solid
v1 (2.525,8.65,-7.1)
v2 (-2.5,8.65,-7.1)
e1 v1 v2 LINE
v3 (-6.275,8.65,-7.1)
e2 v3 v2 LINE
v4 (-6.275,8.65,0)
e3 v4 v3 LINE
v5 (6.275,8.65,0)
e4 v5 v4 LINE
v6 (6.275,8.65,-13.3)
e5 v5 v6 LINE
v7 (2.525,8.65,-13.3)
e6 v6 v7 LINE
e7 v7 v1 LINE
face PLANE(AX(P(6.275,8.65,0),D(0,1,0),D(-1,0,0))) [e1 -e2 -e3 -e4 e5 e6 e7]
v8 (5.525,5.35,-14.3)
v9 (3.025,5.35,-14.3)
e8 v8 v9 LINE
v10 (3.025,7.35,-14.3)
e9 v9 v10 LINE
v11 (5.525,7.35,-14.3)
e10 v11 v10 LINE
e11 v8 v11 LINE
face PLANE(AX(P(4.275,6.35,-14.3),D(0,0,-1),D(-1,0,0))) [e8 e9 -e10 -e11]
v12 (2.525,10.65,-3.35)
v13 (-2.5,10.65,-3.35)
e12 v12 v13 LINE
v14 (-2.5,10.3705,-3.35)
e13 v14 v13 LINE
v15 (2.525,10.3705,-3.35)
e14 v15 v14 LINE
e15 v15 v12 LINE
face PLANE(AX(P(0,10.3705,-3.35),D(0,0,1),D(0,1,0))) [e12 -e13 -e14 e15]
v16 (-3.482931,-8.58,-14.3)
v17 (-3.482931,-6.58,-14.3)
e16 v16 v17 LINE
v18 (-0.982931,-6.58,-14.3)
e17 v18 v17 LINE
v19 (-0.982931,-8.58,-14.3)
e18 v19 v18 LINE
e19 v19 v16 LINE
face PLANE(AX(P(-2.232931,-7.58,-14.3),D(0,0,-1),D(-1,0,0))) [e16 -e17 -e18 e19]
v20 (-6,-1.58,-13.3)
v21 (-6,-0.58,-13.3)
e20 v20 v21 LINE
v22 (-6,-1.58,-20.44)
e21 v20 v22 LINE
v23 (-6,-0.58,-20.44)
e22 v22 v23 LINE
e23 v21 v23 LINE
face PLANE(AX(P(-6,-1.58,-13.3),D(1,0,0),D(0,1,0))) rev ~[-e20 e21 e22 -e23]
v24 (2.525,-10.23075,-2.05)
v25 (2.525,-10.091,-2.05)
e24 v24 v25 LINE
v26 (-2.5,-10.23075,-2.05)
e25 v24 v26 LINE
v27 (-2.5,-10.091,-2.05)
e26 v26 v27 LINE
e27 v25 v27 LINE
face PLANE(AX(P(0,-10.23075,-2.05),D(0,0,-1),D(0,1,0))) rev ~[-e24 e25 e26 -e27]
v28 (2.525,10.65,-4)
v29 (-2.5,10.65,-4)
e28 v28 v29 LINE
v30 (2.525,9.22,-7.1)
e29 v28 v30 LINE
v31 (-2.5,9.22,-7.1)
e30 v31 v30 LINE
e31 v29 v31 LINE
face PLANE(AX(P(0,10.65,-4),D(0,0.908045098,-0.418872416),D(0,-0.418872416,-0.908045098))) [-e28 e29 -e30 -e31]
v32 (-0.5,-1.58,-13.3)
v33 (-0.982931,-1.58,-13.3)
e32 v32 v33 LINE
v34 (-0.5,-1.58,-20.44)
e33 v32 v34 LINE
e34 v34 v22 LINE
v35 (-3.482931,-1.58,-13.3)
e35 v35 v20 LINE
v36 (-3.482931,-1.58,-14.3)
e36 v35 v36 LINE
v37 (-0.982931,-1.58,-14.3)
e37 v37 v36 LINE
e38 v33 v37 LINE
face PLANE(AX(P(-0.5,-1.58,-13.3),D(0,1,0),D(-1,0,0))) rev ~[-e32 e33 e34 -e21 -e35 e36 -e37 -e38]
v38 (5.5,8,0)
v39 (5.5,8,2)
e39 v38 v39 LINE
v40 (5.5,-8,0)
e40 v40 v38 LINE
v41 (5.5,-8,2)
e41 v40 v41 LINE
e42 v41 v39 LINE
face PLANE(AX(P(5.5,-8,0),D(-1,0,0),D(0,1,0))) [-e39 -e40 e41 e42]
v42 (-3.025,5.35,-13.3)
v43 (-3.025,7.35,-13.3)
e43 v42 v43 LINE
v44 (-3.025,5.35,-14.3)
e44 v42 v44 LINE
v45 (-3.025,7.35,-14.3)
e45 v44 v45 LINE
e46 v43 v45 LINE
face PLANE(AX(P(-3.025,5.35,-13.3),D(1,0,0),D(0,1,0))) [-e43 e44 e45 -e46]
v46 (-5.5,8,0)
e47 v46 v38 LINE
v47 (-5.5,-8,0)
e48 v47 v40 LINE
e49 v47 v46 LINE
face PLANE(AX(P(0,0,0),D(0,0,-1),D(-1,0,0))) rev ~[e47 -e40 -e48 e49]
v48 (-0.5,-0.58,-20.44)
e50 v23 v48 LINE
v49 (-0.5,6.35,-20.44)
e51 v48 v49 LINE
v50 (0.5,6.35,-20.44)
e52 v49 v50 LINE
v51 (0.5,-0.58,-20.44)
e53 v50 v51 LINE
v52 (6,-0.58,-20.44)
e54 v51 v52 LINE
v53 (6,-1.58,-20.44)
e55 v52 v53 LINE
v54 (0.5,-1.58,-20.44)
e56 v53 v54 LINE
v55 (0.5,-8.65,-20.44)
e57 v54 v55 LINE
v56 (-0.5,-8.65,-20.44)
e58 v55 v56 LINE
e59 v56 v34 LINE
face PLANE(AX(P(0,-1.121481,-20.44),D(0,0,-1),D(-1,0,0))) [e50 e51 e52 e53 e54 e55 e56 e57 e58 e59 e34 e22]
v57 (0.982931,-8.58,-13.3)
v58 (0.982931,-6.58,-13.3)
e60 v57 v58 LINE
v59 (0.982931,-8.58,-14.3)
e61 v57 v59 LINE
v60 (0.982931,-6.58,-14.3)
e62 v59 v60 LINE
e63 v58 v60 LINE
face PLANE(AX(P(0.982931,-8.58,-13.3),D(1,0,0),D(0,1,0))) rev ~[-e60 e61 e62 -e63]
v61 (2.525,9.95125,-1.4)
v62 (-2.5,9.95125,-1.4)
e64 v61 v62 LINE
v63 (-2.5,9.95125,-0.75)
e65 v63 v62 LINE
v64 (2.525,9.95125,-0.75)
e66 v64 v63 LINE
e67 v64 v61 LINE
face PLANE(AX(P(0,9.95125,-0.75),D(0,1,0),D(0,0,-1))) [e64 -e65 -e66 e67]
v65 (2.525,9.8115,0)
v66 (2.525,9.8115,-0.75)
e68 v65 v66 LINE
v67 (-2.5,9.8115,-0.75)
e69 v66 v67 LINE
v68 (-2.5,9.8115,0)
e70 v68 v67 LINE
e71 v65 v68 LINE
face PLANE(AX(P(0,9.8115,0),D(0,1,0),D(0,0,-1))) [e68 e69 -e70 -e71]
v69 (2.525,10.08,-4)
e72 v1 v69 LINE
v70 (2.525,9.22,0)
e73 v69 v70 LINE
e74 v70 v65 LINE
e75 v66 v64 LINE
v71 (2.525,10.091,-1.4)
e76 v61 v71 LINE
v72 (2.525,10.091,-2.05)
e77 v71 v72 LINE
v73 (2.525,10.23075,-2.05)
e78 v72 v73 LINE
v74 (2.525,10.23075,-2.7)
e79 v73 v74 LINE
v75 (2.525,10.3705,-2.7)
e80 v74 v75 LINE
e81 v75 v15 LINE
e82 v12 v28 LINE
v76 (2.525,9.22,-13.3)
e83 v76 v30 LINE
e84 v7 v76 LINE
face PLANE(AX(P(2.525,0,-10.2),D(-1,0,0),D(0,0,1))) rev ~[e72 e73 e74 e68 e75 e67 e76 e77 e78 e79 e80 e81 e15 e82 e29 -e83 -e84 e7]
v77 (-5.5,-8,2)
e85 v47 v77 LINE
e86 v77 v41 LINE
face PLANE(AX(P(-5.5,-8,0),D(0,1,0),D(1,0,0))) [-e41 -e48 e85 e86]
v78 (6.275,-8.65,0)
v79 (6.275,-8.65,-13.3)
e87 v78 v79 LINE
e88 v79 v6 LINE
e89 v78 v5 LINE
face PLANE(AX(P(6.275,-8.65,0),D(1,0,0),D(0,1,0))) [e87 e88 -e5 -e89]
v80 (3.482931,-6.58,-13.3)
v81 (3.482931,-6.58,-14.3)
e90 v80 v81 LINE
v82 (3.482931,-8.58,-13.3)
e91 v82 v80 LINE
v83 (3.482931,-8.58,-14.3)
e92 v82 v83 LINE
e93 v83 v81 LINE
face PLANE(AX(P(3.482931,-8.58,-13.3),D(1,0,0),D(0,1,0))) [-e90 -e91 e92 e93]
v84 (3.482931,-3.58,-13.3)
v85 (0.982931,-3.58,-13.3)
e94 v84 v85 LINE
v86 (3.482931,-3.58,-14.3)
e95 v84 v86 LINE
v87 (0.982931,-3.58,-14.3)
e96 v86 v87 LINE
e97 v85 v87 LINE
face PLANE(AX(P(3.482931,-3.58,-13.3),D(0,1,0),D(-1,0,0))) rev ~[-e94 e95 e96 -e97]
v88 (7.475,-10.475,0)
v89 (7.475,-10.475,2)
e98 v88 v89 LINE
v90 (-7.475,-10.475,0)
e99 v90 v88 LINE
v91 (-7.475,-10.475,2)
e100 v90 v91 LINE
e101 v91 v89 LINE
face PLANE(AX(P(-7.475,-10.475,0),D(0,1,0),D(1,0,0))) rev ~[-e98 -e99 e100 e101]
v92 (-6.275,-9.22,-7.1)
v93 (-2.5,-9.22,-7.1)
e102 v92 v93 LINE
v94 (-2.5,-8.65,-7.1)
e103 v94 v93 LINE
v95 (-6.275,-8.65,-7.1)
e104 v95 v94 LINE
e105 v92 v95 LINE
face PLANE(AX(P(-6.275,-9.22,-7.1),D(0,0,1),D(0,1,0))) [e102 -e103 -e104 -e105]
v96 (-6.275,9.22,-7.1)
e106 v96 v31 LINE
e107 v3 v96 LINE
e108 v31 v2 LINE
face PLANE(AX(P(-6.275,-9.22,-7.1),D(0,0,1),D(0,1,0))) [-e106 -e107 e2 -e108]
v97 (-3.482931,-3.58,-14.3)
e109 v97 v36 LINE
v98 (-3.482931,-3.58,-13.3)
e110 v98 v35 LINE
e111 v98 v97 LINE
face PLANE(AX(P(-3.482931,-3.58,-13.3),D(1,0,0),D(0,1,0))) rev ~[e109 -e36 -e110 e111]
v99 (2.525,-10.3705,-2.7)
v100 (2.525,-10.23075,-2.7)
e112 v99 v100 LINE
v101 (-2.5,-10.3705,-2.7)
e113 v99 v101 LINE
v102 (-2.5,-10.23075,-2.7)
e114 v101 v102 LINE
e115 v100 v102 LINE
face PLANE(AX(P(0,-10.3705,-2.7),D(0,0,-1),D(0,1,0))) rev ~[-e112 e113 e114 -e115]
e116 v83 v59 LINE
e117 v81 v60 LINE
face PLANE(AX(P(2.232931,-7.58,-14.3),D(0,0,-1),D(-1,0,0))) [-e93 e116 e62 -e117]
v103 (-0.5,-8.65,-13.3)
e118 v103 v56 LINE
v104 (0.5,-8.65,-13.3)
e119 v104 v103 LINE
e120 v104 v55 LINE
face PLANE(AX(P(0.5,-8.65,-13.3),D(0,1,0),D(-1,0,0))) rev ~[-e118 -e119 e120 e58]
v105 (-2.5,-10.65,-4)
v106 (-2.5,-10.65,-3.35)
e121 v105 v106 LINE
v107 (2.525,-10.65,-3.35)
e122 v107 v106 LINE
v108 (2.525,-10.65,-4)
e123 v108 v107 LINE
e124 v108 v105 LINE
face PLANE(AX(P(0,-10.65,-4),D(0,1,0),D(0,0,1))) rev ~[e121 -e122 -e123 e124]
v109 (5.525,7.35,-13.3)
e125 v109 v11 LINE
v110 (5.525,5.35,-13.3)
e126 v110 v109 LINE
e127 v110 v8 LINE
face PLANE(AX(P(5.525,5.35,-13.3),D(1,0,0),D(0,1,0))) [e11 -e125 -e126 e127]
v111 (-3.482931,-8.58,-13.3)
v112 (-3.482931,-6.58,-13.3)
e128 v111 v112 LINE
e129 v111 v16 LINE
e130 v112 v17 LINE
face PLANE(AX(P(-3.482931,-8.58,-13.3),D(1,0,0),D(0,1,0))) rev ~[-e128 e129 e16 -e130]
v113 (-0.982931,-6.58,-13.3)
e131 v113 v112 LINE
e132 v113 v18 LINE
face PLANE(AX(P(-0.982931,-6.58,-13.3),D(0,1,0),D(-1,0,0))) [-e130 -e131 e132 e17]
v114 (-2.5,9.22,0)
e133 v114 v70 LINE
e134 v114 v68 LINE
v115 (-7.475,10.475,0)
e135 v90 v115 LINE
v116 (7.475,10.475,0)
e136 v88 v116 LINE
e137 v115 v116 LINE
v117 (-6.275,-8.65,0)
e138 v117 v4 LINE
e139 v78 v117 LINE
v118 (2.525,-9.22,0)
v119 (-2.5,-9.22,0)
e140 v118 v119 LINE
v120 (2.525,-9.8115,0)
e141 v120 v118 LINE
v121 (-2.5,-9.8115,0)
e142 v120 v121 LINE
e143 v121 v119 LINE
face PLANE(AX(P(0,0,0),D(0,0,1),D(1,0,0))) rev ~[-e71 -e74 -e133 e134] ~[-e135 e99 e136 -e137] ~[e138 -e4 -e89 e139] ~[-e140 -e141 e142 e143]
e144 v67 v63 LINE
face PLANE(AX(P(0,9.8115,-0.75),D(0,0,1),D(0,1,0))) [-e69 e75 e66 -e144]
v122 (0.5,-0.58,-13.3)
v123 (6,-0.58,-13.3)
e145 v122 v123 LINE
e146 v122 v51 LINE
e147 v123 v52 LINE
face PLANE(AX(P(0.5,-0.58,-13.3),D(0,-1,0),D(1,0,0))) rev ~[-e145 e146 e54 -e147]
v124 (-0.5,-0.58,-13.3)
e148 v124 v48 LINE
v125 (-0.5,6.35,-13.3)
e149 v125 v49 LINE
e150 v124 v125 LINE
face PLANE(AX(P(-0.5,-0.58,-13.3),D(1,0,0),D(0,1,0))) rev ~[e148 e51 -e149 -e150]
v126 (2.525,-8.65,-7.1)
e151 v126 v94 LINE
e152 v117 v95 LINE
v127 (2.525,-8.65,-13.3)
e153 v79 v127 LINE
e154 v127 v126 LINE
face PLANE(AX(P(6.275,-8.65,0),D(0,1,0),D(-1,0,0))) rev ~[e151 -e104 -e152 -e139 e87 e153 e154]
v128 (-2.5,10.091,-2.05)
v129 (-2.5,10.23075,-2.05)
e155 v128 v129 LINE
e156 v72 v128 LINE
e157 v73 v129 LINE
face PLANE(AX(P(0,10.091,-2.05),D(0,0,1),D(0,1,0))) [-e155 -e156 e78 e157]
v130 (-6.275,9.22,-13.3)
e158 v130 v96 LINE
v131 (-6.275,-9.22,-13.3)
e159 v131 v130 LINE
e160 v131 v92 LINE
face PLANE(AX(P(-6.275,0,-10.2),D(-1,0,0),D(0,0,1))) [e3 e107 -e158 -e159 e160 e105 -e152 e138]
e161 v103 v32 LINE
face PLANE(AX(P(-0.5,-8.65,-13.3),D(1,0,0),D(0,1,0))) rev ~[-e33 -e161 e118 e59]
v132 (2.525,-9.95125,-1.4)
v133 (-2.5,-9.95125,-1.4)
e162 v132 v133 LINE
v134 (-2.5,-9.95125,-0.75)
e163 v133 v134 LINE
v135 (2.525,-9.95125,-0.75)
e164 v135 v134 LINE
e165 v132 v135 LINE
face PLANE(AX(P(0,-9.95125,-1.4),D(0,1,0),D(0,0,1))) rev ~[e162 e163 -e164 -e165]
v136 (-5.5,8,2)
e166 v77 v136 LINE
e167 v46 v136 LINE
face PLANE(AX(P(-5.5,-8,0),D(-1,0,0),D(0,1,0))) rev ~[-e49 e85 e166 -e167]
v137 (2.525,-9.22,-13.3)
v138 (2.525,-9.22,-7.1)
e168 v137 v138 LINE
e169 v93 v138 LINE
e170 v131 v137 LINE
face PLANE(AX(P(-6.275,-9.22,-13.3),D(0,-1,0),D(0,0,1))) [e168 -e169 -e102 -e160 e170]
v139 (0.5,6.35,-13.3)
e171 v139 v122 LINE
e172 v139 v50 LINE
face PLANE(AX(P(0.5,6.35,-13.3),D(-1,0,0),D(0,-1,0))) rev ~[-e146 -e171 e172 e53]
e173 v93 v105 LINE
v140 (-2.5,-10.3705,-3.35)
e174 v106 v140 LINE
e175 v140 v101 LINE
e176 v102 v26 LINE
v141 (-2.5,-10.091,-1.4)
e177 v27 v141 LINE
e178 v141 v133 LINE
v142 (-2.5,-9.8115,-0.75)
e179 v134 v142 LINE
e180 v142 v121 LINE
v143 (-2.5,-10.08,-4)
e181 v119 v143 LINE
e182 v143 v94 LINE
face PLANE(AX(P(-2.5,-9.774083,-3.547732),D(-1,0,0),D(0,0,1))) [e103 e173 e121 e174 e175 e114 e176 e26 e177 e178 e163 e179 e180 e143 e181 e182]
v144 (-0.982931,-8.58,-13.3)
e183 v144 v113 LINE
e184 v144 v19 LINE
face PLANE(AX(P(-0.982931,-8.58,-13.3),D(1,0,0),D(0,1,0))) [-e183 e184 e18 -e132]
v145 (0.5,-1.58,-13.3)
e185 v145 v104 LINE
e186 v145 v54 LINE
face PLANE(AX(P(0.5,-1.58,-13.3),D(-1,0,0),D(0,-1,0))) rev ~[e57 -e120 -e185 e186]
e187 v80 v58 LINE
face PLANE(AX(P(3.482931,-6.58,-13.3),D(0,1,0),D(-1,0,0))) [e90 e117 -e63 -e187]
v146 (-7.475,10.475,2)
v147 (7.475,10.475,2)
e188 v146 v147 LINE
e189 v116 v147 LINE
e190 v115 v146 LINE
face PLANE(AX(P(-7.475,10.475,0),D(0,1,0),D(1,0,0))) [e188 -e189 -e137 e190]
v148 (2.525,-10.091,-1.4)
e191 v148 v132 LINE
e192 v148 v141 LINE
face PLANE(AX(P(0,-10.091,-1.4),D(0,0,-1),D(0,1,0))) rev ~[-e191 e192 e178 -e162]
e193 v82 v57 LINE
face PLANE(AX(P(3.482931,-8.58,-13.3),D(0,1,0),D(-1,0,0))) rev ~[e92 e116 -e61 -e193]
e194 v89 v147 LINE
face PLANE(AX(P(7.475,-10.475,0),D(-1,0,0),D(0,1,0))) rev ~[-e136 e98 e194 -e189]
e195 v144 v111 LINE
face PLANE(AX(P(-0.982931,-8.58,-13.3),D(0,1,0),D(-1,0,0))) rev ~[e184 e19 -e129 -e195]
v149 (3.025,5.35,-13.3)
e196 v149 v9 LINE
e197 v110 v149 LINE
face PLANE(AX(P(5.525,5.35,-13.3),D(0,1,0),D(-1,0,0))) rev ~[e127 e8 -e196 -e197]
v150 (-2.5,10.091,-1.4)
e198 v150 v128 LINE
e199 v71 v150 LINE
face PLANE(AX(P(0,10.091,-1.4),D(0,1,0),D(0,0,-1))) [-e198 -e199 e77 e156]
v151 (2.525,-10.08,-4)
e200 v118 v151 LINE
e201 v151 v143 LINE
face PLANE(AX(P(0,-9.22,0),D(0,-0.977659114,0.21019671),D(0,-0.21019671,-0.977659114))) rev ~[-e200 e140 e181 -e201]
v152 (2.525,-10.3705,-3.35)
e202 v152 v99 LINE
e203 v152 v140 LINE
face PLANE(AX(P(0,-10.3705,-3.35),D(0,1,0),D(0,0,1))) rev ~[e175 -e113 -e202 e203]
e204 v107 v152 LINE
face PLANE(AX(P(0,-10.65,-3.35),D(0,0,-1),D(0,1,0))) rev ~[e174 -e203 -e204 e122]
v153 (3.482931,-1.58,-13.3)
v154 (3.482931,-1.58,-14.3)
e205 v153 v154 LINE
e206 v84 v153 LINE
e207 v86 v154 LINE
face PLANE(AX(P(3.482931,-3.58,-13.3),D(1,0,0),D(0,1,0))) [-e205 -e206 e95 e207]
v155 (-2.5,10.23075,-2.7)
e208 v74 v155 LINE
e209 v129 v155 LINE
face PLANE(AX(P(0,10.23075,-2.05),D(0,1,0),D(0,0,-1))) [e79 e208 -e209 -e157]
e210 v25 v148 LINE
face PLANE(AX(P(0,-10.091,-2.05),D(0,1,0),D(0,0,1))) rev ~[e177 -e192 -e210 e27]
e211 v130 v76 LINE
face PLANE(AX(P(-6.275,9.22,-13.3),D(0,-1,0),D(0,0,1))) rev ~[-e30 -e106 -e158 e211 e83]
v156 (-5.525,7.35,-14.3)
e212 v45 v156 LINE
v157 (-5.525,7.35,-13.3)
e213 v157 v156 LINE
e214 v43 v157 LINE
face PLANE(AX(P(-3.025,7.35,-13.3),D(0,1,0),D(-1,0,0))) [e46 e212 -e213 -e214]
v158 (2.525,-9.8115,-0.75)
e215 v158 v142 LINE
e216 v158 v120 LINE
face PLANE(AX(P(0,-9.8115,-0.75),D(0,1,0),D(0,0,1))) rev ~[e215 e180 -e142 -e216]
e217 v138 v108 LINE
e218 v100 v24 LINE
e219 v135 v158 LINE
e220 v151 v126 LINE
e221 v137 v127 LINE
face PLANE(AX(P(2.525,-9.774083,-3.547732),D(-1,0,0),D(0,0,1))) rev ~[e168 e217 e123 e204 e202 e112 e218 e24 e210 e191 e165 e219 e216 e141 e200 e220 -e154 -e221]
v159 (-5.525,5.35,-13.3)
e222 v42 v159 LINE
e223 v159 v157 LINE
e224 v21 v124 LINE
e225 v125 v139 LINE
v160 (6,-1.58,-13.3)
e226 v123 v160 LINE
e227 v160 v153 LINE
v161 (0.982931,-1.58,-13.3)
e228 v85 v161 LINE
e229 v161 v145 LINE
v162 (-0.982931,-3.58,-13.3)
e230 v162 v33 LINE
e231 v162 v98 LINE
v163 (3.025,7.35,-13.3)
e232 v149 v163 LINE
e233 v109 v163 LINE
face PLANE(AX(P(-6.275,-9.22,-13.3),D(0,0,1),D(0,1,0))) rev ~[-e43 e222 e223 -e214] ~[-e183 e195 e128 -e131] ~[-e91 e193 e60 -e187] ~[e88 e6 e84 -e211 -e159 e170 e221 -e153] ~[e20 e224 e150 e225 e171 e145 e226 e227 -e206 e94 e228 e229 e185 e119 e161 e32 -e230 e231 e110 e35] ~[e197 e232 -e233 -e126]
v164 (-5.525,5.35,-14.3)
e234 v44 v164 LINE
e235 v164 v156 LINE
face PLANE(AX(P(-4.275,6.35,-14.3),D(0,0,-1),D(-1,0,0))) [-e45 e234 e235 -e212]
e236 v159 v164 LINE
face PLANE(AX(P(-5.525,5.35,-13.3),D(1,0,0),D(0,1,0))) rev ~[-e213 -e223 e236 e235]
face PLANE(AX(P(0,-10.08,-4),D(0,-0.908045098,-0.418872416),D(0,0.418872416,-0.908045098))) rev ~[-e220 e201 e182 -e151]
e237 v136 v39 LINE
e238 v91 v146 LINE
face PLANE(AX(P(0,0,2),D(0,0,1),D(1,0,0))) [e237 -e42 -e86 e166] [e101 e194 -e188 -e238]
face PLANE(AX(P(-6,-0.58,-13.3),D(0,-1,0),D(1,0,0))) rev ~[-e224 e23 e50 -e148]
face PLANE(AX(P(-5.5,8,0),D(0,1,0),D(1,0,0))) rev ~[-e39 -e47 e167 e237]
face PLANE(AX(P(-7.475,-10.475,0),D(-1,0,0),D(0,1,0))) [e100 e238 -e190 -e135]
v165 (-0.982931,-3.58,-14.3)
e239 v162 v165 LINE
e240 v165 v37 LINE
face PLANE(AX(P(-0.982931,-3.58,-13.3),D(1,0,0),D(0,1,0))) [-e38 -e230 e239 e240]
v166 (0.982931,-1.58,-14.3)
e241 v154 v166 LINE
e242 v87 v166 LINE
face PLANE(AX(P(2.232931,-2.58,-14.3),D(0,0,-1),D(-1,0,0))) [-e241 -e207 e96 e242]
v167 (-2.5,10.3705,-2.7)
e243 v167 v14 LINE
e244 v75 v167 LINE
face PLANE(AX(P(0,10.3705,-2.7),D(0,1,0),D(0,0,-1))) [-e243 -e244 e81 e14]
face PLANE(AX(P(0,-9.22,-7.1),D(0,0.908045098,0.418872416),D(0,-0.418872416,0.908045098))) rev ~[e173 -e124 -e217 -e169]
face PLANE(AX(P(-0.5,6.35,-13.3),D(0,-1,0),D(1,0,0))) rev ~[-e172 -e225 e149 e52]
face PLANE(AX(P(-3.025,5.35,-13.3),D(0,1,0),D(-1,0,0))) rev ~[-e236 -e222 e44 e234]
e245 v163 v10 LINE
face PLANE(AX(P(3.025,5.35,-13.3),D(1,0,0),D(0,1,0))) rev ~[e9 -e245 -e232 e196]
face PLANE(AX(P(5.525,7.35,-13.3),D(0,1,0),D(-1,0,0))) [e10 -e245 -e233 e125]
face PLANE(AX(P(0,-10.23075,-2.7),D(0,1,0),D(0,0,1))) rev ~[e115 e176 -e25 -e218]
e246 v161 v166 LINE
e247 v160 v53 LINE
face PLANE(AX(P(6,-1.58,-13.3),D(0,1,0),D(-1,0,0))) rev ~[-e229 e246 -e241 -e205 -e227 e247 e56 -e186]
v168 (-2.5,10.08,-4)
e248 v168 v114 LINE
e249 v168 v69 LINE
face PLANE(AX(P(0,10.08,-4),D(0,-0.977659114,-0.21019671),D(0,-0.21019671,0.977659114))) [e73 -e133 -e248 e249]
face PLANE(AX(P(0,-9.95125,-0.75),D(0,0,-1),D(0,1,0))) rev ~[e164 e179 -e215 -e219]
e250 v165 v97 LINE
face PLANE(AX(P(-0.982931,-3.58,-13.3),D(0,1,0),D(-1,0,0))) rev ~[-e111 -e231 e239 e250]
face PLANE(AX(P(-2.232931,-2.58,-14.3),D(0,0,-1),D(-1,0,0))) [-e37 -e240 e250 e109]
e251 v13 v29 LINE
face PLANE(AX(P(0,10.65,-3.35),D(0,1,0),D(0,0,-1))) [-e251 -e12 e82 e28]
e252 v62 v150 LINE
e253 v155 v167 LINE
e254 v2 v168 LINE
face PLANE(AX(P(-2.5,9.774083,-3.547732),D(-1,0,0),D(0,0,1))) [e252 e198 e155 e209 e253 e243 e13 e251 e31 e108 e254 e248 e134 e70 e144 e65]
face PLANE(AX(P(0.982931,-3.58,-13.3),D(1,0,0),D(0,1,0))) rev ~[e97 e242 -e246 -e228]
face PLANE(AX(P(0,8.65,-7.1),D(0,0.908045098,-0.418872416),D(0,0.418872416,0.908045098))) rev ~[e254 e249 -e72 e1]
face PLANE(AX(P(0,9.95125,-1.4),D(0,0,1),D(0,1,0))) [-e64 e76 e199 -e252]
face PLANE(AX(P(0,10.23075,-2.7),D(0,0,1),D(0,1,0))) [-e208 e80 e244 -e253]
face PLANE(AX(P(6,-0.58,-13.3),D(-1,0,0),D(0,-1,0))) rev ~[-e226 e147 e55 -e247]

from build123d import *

# Parameters (mm, degrees)
SKETCH1_W                = 14.95
SKETCH1_H                = 20.95
SKETCH1_W_2              = 11
SKETCH1_H_2              = 16
BOSS_EXTRUDE1_DEPTH      = 2
SKETCH2_W                = 12.55
SKETCH2_H                = 17.3
BOSS_EXTRUDE2_DEPTH      = 13.3
SKETCH3_W                = 6.2
SKETCH3_H                = 18.44
BOSS_EXTRUDE3_DEPTH      = 8.8
BOSS_EXTRUDE4_DEPTH      = 2.525
BOSS_EXTRUDE4_DEPTH_BACK = 2.5
BOSS_EXTRUDE5_DEPTH      = 7.14
SKETCH6_W                = 2.5
SKETCH6_H                = 2
BOSS_EXTRUDE6_DEPTH      = 1


with BuildPart() as part:
    # Sketch1 → Boss-Extrude1 (new body)
    with BuildSketch(Plane.XY):
        Rectangle(SKETCH1_W, SKETCH1_H)
        Rectangle(SKETCH1_W_2, SKETCH1_H_2, mode=Mode.SUBTRACT)
    extrude(amount=BOSS_EXTRUDE1_DEPTH)

    # Sketch2 → Boss-Extrude2 (add)
    with BuildSketch(Plane(origin=(0, 0, 0), x_dir=(-1, 0, 0), z_dir=(0, 0, -1))):
        Rectangle(SKETCH2_W, SKETCH2_H)
    extrude(amount=BOSS_EXTRUDE2_DEPTH)

    # Sketch3 → Boss-Extrude3 (add)
    with BuildSketch(Plane.ZY.offset(6.275)):
        with Locations((-10.2, 0)):
            Rectangle(SKETCH3_W, SKETCH3_H)
    extrude(amount=-BOSS_EXTRUDE3_DEPTH)

    # Sketch4 → Boss-Extrude4 (add, two sides)
    with BuildSketch(Plane(origin=(0, 0, 0), x_dir=(0, 0, -1), z_dir=(1, 0, 0))) as boss_extrude4_sk:
        Polygon((7.1, -9.22), (4, -10.65), (3.35, -10.65), (3.35, -10.3705), (2.7, -10.3705), (2.7, -10.23075), (2.05, -10.23075), (2.05, -10.091), (1.4, -10.091), (1.4, -9.95125), (0.75, -9.95125), (0.75, -9.8115), (0, -9.8115), (0, -9.22), (4, -10.08), (7.1, -8.65), align=None)
        Polygon((7.1, 9.22), (7.1, 8.65), (4, 10.08), (0, 9.22), (0, 9.8115), (0.75, 9.8115), (0.75, 9.95125), (1.4, 9.95125), (1.4, 10.091), (2.05, 10.091), (2.05, 10.23075), (2.7, 10.23075), (2.7, 10.3705), (3.35, 10.3705), (3.35, 10.65), (4, 10.65), align=None)
    extrude(amount=BOSS_EXTRUDE4_DEPTH)
    extrude(boss_extrude4_sk.sketch, amount=-BOSS_EXTRUDE4_DEPTH_BACK)

    # Sketch5 → Boss-Extrude5 (add)
    with BuildSketch(Plane(origin=(0, 0, -13.3), x_dir=(-1, 0, 0), z_dir=(0, 0, -1))):
        Polygon((0.5, 6.35), (-0.5, 6.35), (-0.5, -0.58), (-6, -0.58), (-6, -1.58), (-0.5, -1.58), (-0.5, -8.65), (0.5, -8.65), (0.5, -1.58), (6, -1.58), (6, -0.58), (0.5, -0.58), align=None)
    extrude(amount=BOSS_EXTRUDE5_DEPTH)

    # Sketch6 → Boss-Extrude6 (add)
    with BuildSketch(Plane(origin=(0, 0, -13.3), x_dir=(-1, 0, 0), z_dir=(0, 0, -1))):
        with Locations((2.232930788, -2.58)):
            Rectangle(SKETCH6_W, SKETCH6_H)
        with Locations((2.232930788, -7.58)):
            Rectangle(SKETCH6_W, SKETCH6_H)
        with Locations((-2.232930788, -7.58)):
            Rectangle(SKETCH6_W, SKETCH6_H)
        with Locations((-2.232930788, -2.58)):
            Rectangle(SKETCH6_W, SKETCH6_H)
        with Locations((4.275, 6.35)):
            Rectangle(SKETCH6_W, SKETCH6_H)
        with Locations((-4.275, 6.35)):
            Rectangle(SKETCH6_W, SKETCH6_H)
    extrude(amount=BOSS_EXTRUDE6_DEPTH)


solid = part.part
